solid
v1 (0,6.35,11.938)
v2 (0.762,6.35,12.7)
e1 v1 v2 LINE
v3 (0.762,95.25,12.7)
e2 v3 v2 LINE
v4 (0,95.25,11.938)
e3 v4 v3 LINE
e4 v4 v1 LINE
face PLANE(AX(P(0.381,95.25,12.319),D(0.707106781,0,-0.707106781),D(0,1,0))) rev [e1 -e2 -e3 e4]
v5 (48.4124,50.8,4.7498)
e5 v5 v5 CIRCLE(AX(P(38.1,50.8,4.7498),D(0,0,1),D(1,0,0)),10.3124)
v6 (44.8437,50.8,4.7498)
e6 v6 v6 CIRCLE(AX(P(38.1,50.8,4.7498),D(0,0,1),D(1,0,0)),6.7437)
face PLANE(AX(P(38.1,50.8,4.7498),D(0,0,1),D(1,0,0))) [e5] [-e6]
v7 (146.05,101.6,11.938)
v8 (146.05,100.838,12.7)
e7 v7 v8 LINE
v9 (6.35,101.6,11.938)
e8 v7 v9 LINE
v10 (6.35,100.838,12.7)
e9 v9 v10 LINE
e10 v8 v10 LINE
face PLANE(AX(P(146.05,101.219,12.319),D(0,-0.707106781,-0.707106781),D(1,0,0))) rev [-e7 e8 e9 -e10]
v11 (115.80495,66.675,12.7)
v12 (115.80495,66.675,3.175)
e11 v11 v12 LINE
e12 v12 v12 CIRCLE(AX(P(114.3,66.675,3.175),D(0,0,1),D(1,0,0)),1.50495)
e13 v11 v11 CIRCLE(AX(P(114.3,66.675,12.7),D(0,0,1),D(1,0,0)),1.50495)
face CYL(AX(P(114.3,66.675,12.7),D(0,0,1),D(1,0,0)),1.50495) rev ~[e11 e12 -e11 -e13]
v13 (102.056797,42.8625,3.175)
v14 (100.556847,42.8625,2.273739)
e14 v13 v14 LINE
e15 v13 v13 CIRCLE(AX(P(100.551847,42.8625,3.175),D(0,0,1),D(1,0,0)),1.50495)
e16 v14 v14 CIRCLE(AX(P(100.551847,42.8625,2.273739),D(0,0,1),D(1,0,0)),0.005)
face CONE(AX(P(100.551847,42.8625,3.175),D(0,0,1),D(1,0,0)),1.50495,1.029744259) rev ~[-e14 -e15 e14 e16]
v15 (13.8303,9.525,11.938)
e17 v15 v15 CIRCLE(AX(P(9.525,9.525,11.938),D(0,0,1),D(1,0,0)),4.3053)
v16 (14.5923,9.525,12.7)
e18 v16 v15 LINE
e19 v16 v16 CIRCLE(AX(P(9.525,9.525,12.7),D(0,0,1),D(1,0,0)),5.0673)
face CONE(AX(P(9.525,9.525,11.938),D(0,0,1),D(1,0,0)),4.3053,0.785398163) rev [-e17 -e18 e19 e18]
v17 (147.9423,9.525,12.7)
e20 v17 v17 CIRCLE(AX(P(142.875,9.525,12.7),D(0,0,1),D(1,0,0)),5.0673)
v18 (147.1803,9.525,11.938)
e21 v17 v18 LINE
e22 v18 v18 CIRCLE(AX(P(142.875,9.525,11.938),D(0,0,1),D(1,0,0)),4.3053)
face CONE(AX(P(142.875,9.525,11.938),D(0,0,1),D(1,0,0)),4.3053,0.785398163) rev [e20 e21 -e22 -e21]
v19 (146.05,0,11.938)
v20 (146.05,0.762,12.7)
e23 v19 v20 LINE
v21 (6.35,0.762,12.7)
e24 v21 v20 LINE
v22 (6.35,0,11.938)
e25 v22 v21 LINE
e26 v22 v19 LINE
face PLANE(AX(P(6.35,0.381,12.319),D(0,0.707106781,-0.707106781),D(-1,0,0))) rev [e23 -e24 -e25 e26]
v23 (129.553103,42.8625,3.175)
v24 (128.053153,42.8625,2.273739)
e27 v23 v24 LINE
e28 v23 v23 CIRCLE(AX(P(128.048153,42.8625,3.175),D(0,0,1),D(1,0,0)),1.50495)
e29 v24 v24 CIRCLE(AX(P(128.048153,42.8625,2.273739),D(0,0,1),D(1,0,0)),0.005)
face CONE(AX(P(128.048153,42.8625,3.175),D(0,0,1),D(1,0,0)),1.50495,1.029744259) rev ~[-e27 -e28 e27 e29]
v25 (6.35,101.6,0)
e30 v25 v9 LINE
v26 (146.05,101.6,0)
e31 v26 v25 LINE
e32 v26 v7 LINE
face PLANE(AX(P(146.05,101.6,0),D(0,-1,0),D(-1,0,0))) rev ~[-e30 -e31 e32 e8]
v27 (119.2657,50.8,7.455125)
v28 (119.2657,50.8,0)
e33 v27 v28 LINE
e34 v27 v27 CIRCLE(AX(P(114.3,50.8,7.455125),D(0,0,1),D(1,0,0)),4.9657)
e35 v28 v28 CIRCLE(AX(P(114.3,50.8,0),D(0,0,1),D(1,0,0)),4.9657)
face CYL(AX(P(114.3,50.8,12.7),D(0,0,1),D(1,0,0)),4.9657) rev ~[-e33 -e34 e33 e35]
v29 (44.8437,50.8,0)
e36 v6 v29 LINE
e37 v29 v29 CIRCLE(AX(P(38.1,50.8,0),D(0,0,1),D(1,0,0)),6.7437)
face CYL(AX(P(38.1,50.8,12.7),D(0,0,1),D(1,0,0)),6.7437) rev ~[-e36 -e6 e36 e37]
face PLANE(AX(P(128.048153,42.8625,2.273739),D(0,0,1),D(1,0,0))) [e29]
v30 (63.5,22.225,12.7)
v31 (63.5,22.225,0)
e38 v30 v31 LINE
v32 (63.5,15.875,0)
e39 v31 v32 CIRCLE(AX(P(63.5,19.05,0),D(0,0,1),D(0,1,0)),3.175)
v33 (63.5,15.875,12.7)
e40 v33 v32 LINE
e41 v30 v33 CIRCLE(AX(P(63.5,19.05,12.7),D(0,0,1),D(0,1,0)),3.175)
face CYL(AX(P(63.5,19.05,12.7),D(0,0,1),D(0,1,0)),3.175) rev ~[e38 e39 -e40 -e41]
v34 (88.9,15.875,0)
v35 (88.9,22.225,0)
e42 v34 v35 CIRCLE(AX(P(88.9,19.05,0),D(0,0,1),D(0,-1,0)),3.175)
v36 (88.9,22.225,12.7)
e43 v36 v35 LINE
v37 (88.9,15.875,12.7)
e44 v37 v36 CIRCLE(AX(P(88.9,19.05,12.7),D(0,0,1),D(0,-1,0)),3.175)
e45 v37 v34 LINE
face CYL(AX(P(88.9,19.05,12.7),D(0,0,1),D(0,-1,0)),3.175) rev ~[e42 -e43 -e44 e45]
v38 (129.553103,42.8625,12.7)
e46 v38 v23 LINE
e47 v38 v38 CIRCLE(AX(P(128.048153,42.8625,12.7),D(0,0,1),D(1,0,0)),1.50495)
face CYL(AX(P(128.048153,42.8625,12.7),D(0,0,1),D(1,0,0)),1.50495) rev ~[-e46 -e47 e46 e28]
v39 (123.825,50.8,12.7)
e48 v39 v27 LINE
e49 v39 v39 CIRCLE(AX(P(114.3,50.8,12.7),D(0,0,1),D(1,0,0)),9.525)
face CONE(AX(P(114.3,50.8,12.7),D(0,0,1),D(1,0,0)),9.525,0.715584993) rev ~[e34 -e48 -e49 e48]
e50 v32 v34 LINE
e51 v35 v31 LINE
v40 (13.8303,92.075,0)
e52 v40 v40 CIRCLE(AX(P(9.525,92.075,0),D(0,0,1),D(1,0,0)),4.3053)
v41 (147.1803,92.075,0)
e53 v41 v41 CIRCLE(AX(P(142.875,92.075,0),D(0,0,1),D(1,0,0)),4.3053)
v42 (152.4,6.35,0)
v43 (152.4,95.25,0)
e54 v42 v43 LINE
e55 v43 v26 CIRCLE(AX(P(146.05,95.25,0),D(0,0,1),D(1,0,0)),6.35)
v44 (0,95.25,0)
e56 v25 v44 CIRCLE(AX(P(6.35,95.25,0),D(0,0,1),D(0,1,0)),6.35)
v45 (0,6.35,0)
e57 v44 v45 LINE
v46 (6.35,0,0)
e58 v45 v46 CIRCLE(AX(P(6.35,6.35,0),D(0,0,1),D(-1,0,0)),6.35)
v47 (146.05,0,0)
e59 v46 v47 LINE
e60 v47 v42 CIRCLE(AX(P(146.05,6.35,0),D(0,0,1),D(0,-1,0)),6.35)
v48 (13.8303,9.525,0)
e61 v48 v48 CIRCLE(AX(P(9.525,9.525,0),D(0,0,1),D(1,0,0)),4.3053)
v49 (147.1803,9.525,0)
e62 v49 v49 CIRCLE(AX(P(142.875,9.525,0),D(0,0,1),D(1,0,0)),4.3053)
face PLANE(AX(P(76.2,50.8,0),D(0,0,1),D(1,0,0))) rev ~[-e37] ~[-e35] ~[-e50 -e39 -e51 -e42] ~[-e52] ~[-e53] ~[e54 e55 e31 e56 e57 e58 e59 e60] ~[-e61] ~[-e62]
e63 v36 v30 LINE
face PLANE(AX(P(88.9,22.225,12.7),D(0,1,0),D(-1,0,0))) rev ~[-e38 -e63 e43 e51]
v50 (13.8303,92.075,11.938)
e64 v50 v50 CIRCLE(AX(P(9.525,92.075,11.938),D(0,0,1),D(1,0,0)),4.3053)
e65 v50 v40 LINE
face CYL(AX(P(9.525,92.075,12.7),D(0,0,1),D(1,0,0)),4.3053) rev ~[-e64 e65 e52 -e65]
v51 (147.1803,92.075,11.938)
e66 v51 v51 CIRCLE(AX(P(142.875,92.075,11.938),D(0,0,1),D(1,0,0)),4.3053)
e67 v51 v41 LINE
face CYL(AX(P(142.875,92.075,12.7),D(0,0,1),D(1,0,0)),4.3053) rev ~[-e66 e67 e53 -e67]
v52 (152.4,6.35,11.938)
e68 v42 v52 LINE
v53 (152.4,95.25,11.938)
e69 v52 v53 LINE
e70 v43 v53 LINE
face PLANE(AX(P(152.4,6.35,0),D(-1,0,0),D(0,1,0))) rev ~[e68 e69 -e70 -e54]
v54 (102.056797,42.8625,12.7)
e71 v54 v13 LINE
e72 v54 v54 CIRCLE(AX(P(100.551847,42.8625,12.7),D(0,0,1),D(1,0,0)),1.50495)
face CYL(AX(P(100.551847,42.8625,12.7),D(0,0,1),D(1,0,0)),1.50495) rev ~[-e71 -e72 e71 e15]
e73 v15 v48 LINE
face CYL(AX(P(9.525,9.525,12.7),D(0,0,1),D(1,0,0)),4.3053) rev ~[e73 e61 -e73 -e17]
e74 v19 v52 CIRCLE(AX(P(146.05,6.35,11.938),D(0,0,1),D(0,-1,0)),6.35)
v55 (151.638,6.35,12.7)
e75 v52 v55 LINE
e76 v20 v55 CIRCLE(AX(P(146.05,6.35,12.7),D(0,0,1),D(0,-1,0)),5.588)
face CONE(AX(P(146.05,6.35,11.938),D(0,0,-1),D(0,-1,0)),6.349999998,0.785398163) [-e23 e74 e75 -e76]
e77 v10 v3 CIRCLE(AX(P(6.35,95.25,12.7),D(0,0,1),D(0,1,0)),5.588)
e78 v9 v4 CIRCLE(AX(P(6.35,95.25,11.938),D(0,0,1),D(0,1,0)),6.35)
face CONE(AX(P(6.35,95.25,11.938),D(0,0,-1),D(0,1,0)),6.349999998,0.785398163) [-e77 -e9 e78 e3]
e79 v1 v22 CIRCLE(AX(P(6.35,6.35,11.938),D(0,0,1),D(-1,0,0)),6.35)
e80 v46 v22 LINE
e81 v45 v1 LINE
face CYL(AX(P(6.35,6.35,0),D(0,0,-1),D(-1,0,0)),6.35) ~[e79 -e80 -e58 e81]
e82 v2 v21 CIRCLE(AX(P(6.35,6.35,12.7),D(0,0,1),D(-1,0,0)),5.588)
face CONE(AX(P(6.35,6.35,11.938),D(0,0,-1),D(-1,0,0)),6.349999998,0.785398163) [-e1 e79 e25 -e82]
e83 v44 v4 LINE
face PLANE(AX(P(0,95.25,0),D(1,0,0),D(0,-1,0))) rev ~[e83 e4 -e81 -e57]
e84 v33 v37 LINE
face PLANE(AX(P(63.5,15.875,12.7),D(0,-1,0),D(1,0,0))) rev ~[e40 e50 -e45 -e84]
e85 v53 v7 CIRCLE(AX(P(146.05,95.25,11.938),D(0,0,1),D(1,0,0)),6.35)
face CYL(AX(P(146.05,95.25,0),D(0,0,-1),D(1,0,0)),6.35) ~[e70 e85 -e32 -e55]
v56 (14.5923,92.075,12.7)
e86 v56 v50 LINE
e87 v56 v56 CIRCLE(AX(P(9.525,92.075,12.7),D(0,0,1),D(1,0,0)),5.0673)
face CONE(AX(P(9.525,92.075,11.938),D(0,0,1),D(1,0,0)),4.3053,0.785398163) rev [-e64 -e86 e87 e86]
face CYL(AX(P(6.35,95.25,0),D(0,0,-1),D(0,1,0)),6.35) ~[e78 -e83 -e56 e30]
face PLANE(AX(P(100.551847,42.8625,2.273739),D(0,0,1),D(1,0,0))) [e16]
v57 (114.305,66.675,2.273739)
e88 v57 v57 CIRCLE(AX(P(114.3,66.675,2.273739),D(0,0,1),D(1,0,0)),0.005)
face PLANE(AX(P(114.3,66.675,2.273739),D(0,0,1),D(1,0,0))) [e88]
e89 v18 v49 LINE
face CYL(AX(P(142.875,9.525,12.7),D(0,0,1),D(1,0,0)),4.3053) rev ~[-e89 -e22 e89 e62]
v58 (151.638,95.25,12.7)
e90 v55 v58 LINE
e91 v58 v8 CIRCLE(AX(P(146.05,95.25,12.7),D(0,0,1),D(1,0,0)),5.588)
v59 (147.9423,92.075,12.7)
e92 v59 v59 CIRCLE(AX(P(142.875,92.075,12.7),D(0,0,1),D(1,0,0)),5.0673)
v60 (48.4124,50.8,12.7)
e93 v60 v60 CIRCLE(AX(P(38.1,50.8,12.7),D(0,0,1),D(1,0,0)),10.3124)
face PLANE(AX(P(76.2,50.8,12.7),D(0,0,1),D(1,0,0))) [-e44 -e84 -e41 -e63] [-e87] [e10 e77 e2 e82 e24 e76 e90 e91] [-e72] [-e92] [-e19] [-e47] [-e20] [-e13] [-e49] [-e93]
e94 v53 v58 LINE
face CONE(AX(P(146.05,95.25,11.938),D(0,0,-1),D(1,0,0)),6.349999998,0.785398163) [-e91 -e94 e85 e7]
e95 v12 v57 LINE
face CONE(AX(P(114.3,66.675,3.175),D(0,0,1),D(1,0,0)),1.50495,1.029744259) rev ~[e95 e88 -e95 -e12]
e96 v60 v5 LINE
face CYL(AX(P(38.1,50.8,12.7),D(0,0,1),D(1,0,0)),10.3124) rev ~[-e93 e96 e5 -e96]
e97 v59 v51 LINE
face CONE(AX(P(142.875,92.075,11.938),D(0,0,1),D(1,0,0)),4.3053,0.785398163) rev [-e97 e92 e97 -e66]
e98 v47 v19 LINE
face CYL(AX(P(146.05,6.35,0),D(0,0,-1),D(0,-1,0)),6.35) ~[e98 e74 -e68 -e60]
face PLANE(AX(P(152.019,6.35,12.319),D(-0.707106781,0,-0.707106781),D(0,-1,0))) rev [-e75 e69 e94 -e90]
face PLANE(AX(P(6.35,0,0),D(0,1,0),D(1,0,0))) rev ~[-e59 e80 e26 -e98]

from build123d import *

# Parameters (mm, degrees)
EXTRUDE_1_DEPTH               = 12.7
SKETCH_2_R                    = 4.3053
CUT_EXTRUDE_1_DEPTH           = 184.601770144
CUT_EXTRUDE_2_DEPTH           = 184.601770144
SKETCH_4_R                    = 10.3124
CUT_EXTRUDE_3_DEPTH           = 7.9502
SKETCH_5_R                    = 6.7437
CUT_EXTRUDE_4_DEPTH           = 184.601770144
SKETCH_6_R                    = 9.525
CUT_EXTRUDE_5_DEPTH           = 5.244874679
CUT_EXTRUDE_5_DRAFT           = -41
SKETCH_7_R                    = 4.9657
CUT_EXTRUDE_6_DEPTH           = 184.601770144
SKETCH_8_R                    = 1.50495
CUT_EXTRUDE_7_DEPTH           = 9.525
SKETCH_9_R                    = 1.50495
CUT_EXTRUDE_8_DEPTH           = 0.901260886
CUT_EXTRUDE_8_DRAFT           = -59
CUT_EXTRUDE_8_PROFILE_2_DEPTH = 0.901260886
CUT_EXTRUDE_8_PROFILE_2_DRAFT = -59
CUT_EXTRUDE_8_PROFILE_3_DEPTH = 0.901260886
CUT_EXTRUDE_8_PROFILE_3_DRAFT = -59
CHAMFER_1_SIZE                = 0.762
CHAMFER_2_SIZE                = 0.762


with BuildPart() as part:
    # 草图1 → 凸台-拉伸1 (new body)
    with BuildSketch(Plane.XY):
        with BuildLine():
            Line((6.35, 0), (146.05, 0))
            ThreePointArc((146.05, 0), (150.540128061, 1.859871939), (152.4, 6.35))
            Line((152.4, 6.35), (152.4, 95.25))
            ThreePointArc((152.4, 95.25), (150.540128061, 99.740128061), (146.05, 101.6))
            Line((146.05, 101.6), (6.35, 101.6))
            ThreePointArc((6.35, 101.6), (1.859871939, 99.740128061), (0, 95.25))
            Line((0, 95.25), (0, 6.35))
            ThreePointArc((0, 6.35), (1.859871939, 1.859871939), (6.35, 0))
        make_face()
    extrude(amount=EXTRUDE_1_DEPTH)

    # 草图2 → 切除-拉伸1 (cut, through all)
    with BuildSketch(Plane.XY.offset(12.7)):
        with Locations((9.525, 9.525)):
            Circle(SKETCH_2_R)
        with Locations((142.875, 9.525)):
            Circle(SKETCH_2_R)
        with Locations((9.525, 92.075)):
            Circle(SKETCH_2_R)
        with Locations((142.875, 92.075)):
            Circle(SKETCH_2_R)
    extrude(amount=-CUT_EXTRUDE_1_DEPTH, mode=Mode.SUBTRACT)

    # 草图3 → 切除-拉伸2 (cut, through all)
    with BuildSketch(Plane.XY.offset(12.7)):
        with BuildLine():
            Line((63.5, 15.875), (88.9, 15.875))
            ThreePointArc((88.9, 15.875), (92.075, 19.05), (88.9, 22.225))
            Line((88.9, 22.225), (63.5, 22.225))
            ThreePointArc((63.5, 22.225), (60.325, 19.05), (63.5, 15.875))
        make_face()
    extrude(amount=-CUT_EXTRUDE_2_DEPTH, mode=Mode.SUBTRACT)

    # 草图4 → 切除-拉伸3 (cut)
    with BuildSketch(Plane.XY.offset(12.7)):
        with Locations((38.1, 50.8)):
            Circle(SKETCH_4_R)
    extrude(amount=-CUT_EXTRUDE_3_DEPTH, mode=Mode.SUBTRACT)

    # 草图5 → 切除-拉伸4 (cut, through all)
    with BuildSketch(Plane.XY.offset(12.7)):
        with Locations((38.1, 50.8)):
            Circle(SKETCH_5_R)
    extrude(amount=-CUT_EXTRUDE_4_DEPTH, mode=Mode.SUBTRACT)


with BuildPart() as cut_extrude_5_tool:
    # 草图6 → 切除-拉伸5 (with draft: the straight prism first)
    with BuildSketch(Plane.XY.offset(12.7)):
        with Locations((114.3, 50.8)):
            Circle(SKETCH_6_R)
    extrude(amount=-CUT_EXTRUDE_5_DEPTH)
    # 切除-拉伸5: the draft: its side faces are tilted about the plane it starts from
    cut_extrude_5_sides = [cut_extrude_5_tool.faces().sort_by_distance(p)[0] for p in [
        (104.775, 50.8, 10.07756266),
    ]]
    draft(cut_extrude_5_sides, Plane.XY.offset(12.7), CUT_EXTRUDE_5_DRAFT)


with BuildPart() as part_1:
    add(part.part)

    # 切除-拉伸5: cut by cut_extrude_5_tool
    add(cut_extrude_5_tool.part, mode=Mode.SUBTRACT)

    # 草图7 → 切除-拉伸6 (cut, through all)
    with BuildSketch(Plane.XY.offset(12.7)):
        with Locations((114.3, 50.8)):
            Circle(SKETCH_7_R)
    extrude(amount=-CUT_EXTRUDE_6_DEPTH, mode=Mode.SUBTRACT)

    # 草图8 → 切除-拉伸7 (cut)
    with BuildSketch(Plane.XY.offset(12.7)):
        with Locations((114.3, 66.675)):
            Circle(SKETCH_8_R)
        with Locations((100.551847, 42.8625)):
            Circle(SKETCH_8_R)
        with Locations((128.048153, 42.8625)):
            Circle(SKETCH_8_R)
    extrude(amount=-CUT_EXTRUDE_7_DEPTH, mode=Mode.SUBTRACT)


with BuildPart() as cut_extrude_8_tool:
    # 草图9 → 切除-拉伸8 (with draft: the straight prism first)
    with BuildSketch(Plane.XY.offset(3.175)):
        with Locations((114.3, 66.675)):
            Circle(SKETCH_9_R)
    extrude(amount=-CUT_EXTRUDE_8_DEPTH)
    # 切除-拉伸8: the draft: its side faces are tilted about the plane it starts from
    cut_extrude_8_sides = [cut_extrude_8_tool.faces().sort_by_distance(p)[0] for p in [
        (112.79505, 66.675, 2.724369557),
    ]]
    draft(cut_extrude_8_sides, Plane.XY.offset(3.175), CUT_EXTRUDE_8_DRAFT)


with BuildPart() as part_2:
    add(part_1.part)

    # 切除-拉伸8: cut by cut_extrude_8_tool
    add(cut_extrude_8_tool.part, mode=Mode.SUBTRACT)


with BuildPart() as cut_extrude_8_profile_2_tool:
    # 草图9 → 切除-拉伸8 profile 2 (with draft: the straight prism first)
    with BuildSketch(Plane.XY.offset(3.175)):
        with Locations((100.551847, 42.8625)):
            Circle(SKETCH_9_R)
    extrude(amount=-CUT_EXTRUDE_8_PROFILE_2_DEPTH)
    # 切除-拉伸8 profile 2: the draft: its side faces are tilted about the plane it starts from
    cut_extrude_8_profile_2_sides = [cut_extrude_8_profile_2_tool.faces().sort_by_distance(p)[0] for p in [
        (99.046897, 42.8625, 2.724369557),
    ]]
    draft(cut_extrude_8_profile_2_sides, Plane.XY.offset(3.175), CUT_EXTRUDE_8_PROFILE_2_DRAFT)


with BuildPart() as part_3:
    add(part_2.part)

    # 切除-拉伸8 profile 2: cut by cut_extrude_8_profile_2_tool
    add(cut_extrude_8_profile_2_tool.part, mode=Mode.SUBTRACT)


with BuildPart() as cut_extrude_8_profile_3_tool:
    # 草图9 → 切除-拉伸8 profile 3 (with draft: the straight prism first)
    with BuildSketch(Plane.XY.offset(3.175)):
        with Locations((128.048153, 42.8625)):
            Circle(SKETCH_9_R)
    extrude(amount=-CUT_EXTRUDE_8_PROFILE_3_DEPTH)
    # 切除-拉伸8 profile 3: the draft: its side faces are tilted about the plane it starts from
    cut_extrude_8_profile_3_sides = [cut_extrude_8_profile_3_tool.faces().sort_by_distance(p)[0] for p in [
        (126.543203, 42.8625, 2.724369557),
    ]]
    draft(cut_extrude_8_profile_3_sides, Plane.XY.offset(3.175), CUT_EXTRUDE_8_PROFILE_3_DRAFT)


with BuildPart() as part_4:
    add(part_3.part)

    # 切除-拉伸8 profile 3: cut by cut_extrude_8_profile_3_tool
    add(cut_extrude_8_profile_3_tool.part, mode=Mode.SUBTRACT)

    # 倒角1
    chamfer_1_edges = [part_4.edges().sort_by_distance(p)[0] for p in [
        (150.540128061, 1.859871939, 12.7),
        (152.4, 50.8, 12.7),
        (150.540128061, 99.740128061, 12.7),
        (76.2, 101.6, 12.7),
        (1.859871939, 99.740128061, 12.7),
        (0, 50.8, 12.7),
        (1.859871939, 1.859871939, 12.7),
        (76.2, 0, 12.7),
    ]]
    chamfer(chamfer_1_edges, length=CHAMFER_1_SIZE)

    # 倒角2
    chamfer_2_edges = [part_4.edges().sort_by_distance(p)[0] for p in [
        (138.5697, 9.525, 12.7),
        (5.2197, 92.075, 12.7),
        (138.5697, 92.075, 12.7),
        (5.2197, 9.525, 12.7),
    ]]
    chamfer(chamfer_2_edges, length=CHAMFER_2_SIZE)


solid = part_4.part
